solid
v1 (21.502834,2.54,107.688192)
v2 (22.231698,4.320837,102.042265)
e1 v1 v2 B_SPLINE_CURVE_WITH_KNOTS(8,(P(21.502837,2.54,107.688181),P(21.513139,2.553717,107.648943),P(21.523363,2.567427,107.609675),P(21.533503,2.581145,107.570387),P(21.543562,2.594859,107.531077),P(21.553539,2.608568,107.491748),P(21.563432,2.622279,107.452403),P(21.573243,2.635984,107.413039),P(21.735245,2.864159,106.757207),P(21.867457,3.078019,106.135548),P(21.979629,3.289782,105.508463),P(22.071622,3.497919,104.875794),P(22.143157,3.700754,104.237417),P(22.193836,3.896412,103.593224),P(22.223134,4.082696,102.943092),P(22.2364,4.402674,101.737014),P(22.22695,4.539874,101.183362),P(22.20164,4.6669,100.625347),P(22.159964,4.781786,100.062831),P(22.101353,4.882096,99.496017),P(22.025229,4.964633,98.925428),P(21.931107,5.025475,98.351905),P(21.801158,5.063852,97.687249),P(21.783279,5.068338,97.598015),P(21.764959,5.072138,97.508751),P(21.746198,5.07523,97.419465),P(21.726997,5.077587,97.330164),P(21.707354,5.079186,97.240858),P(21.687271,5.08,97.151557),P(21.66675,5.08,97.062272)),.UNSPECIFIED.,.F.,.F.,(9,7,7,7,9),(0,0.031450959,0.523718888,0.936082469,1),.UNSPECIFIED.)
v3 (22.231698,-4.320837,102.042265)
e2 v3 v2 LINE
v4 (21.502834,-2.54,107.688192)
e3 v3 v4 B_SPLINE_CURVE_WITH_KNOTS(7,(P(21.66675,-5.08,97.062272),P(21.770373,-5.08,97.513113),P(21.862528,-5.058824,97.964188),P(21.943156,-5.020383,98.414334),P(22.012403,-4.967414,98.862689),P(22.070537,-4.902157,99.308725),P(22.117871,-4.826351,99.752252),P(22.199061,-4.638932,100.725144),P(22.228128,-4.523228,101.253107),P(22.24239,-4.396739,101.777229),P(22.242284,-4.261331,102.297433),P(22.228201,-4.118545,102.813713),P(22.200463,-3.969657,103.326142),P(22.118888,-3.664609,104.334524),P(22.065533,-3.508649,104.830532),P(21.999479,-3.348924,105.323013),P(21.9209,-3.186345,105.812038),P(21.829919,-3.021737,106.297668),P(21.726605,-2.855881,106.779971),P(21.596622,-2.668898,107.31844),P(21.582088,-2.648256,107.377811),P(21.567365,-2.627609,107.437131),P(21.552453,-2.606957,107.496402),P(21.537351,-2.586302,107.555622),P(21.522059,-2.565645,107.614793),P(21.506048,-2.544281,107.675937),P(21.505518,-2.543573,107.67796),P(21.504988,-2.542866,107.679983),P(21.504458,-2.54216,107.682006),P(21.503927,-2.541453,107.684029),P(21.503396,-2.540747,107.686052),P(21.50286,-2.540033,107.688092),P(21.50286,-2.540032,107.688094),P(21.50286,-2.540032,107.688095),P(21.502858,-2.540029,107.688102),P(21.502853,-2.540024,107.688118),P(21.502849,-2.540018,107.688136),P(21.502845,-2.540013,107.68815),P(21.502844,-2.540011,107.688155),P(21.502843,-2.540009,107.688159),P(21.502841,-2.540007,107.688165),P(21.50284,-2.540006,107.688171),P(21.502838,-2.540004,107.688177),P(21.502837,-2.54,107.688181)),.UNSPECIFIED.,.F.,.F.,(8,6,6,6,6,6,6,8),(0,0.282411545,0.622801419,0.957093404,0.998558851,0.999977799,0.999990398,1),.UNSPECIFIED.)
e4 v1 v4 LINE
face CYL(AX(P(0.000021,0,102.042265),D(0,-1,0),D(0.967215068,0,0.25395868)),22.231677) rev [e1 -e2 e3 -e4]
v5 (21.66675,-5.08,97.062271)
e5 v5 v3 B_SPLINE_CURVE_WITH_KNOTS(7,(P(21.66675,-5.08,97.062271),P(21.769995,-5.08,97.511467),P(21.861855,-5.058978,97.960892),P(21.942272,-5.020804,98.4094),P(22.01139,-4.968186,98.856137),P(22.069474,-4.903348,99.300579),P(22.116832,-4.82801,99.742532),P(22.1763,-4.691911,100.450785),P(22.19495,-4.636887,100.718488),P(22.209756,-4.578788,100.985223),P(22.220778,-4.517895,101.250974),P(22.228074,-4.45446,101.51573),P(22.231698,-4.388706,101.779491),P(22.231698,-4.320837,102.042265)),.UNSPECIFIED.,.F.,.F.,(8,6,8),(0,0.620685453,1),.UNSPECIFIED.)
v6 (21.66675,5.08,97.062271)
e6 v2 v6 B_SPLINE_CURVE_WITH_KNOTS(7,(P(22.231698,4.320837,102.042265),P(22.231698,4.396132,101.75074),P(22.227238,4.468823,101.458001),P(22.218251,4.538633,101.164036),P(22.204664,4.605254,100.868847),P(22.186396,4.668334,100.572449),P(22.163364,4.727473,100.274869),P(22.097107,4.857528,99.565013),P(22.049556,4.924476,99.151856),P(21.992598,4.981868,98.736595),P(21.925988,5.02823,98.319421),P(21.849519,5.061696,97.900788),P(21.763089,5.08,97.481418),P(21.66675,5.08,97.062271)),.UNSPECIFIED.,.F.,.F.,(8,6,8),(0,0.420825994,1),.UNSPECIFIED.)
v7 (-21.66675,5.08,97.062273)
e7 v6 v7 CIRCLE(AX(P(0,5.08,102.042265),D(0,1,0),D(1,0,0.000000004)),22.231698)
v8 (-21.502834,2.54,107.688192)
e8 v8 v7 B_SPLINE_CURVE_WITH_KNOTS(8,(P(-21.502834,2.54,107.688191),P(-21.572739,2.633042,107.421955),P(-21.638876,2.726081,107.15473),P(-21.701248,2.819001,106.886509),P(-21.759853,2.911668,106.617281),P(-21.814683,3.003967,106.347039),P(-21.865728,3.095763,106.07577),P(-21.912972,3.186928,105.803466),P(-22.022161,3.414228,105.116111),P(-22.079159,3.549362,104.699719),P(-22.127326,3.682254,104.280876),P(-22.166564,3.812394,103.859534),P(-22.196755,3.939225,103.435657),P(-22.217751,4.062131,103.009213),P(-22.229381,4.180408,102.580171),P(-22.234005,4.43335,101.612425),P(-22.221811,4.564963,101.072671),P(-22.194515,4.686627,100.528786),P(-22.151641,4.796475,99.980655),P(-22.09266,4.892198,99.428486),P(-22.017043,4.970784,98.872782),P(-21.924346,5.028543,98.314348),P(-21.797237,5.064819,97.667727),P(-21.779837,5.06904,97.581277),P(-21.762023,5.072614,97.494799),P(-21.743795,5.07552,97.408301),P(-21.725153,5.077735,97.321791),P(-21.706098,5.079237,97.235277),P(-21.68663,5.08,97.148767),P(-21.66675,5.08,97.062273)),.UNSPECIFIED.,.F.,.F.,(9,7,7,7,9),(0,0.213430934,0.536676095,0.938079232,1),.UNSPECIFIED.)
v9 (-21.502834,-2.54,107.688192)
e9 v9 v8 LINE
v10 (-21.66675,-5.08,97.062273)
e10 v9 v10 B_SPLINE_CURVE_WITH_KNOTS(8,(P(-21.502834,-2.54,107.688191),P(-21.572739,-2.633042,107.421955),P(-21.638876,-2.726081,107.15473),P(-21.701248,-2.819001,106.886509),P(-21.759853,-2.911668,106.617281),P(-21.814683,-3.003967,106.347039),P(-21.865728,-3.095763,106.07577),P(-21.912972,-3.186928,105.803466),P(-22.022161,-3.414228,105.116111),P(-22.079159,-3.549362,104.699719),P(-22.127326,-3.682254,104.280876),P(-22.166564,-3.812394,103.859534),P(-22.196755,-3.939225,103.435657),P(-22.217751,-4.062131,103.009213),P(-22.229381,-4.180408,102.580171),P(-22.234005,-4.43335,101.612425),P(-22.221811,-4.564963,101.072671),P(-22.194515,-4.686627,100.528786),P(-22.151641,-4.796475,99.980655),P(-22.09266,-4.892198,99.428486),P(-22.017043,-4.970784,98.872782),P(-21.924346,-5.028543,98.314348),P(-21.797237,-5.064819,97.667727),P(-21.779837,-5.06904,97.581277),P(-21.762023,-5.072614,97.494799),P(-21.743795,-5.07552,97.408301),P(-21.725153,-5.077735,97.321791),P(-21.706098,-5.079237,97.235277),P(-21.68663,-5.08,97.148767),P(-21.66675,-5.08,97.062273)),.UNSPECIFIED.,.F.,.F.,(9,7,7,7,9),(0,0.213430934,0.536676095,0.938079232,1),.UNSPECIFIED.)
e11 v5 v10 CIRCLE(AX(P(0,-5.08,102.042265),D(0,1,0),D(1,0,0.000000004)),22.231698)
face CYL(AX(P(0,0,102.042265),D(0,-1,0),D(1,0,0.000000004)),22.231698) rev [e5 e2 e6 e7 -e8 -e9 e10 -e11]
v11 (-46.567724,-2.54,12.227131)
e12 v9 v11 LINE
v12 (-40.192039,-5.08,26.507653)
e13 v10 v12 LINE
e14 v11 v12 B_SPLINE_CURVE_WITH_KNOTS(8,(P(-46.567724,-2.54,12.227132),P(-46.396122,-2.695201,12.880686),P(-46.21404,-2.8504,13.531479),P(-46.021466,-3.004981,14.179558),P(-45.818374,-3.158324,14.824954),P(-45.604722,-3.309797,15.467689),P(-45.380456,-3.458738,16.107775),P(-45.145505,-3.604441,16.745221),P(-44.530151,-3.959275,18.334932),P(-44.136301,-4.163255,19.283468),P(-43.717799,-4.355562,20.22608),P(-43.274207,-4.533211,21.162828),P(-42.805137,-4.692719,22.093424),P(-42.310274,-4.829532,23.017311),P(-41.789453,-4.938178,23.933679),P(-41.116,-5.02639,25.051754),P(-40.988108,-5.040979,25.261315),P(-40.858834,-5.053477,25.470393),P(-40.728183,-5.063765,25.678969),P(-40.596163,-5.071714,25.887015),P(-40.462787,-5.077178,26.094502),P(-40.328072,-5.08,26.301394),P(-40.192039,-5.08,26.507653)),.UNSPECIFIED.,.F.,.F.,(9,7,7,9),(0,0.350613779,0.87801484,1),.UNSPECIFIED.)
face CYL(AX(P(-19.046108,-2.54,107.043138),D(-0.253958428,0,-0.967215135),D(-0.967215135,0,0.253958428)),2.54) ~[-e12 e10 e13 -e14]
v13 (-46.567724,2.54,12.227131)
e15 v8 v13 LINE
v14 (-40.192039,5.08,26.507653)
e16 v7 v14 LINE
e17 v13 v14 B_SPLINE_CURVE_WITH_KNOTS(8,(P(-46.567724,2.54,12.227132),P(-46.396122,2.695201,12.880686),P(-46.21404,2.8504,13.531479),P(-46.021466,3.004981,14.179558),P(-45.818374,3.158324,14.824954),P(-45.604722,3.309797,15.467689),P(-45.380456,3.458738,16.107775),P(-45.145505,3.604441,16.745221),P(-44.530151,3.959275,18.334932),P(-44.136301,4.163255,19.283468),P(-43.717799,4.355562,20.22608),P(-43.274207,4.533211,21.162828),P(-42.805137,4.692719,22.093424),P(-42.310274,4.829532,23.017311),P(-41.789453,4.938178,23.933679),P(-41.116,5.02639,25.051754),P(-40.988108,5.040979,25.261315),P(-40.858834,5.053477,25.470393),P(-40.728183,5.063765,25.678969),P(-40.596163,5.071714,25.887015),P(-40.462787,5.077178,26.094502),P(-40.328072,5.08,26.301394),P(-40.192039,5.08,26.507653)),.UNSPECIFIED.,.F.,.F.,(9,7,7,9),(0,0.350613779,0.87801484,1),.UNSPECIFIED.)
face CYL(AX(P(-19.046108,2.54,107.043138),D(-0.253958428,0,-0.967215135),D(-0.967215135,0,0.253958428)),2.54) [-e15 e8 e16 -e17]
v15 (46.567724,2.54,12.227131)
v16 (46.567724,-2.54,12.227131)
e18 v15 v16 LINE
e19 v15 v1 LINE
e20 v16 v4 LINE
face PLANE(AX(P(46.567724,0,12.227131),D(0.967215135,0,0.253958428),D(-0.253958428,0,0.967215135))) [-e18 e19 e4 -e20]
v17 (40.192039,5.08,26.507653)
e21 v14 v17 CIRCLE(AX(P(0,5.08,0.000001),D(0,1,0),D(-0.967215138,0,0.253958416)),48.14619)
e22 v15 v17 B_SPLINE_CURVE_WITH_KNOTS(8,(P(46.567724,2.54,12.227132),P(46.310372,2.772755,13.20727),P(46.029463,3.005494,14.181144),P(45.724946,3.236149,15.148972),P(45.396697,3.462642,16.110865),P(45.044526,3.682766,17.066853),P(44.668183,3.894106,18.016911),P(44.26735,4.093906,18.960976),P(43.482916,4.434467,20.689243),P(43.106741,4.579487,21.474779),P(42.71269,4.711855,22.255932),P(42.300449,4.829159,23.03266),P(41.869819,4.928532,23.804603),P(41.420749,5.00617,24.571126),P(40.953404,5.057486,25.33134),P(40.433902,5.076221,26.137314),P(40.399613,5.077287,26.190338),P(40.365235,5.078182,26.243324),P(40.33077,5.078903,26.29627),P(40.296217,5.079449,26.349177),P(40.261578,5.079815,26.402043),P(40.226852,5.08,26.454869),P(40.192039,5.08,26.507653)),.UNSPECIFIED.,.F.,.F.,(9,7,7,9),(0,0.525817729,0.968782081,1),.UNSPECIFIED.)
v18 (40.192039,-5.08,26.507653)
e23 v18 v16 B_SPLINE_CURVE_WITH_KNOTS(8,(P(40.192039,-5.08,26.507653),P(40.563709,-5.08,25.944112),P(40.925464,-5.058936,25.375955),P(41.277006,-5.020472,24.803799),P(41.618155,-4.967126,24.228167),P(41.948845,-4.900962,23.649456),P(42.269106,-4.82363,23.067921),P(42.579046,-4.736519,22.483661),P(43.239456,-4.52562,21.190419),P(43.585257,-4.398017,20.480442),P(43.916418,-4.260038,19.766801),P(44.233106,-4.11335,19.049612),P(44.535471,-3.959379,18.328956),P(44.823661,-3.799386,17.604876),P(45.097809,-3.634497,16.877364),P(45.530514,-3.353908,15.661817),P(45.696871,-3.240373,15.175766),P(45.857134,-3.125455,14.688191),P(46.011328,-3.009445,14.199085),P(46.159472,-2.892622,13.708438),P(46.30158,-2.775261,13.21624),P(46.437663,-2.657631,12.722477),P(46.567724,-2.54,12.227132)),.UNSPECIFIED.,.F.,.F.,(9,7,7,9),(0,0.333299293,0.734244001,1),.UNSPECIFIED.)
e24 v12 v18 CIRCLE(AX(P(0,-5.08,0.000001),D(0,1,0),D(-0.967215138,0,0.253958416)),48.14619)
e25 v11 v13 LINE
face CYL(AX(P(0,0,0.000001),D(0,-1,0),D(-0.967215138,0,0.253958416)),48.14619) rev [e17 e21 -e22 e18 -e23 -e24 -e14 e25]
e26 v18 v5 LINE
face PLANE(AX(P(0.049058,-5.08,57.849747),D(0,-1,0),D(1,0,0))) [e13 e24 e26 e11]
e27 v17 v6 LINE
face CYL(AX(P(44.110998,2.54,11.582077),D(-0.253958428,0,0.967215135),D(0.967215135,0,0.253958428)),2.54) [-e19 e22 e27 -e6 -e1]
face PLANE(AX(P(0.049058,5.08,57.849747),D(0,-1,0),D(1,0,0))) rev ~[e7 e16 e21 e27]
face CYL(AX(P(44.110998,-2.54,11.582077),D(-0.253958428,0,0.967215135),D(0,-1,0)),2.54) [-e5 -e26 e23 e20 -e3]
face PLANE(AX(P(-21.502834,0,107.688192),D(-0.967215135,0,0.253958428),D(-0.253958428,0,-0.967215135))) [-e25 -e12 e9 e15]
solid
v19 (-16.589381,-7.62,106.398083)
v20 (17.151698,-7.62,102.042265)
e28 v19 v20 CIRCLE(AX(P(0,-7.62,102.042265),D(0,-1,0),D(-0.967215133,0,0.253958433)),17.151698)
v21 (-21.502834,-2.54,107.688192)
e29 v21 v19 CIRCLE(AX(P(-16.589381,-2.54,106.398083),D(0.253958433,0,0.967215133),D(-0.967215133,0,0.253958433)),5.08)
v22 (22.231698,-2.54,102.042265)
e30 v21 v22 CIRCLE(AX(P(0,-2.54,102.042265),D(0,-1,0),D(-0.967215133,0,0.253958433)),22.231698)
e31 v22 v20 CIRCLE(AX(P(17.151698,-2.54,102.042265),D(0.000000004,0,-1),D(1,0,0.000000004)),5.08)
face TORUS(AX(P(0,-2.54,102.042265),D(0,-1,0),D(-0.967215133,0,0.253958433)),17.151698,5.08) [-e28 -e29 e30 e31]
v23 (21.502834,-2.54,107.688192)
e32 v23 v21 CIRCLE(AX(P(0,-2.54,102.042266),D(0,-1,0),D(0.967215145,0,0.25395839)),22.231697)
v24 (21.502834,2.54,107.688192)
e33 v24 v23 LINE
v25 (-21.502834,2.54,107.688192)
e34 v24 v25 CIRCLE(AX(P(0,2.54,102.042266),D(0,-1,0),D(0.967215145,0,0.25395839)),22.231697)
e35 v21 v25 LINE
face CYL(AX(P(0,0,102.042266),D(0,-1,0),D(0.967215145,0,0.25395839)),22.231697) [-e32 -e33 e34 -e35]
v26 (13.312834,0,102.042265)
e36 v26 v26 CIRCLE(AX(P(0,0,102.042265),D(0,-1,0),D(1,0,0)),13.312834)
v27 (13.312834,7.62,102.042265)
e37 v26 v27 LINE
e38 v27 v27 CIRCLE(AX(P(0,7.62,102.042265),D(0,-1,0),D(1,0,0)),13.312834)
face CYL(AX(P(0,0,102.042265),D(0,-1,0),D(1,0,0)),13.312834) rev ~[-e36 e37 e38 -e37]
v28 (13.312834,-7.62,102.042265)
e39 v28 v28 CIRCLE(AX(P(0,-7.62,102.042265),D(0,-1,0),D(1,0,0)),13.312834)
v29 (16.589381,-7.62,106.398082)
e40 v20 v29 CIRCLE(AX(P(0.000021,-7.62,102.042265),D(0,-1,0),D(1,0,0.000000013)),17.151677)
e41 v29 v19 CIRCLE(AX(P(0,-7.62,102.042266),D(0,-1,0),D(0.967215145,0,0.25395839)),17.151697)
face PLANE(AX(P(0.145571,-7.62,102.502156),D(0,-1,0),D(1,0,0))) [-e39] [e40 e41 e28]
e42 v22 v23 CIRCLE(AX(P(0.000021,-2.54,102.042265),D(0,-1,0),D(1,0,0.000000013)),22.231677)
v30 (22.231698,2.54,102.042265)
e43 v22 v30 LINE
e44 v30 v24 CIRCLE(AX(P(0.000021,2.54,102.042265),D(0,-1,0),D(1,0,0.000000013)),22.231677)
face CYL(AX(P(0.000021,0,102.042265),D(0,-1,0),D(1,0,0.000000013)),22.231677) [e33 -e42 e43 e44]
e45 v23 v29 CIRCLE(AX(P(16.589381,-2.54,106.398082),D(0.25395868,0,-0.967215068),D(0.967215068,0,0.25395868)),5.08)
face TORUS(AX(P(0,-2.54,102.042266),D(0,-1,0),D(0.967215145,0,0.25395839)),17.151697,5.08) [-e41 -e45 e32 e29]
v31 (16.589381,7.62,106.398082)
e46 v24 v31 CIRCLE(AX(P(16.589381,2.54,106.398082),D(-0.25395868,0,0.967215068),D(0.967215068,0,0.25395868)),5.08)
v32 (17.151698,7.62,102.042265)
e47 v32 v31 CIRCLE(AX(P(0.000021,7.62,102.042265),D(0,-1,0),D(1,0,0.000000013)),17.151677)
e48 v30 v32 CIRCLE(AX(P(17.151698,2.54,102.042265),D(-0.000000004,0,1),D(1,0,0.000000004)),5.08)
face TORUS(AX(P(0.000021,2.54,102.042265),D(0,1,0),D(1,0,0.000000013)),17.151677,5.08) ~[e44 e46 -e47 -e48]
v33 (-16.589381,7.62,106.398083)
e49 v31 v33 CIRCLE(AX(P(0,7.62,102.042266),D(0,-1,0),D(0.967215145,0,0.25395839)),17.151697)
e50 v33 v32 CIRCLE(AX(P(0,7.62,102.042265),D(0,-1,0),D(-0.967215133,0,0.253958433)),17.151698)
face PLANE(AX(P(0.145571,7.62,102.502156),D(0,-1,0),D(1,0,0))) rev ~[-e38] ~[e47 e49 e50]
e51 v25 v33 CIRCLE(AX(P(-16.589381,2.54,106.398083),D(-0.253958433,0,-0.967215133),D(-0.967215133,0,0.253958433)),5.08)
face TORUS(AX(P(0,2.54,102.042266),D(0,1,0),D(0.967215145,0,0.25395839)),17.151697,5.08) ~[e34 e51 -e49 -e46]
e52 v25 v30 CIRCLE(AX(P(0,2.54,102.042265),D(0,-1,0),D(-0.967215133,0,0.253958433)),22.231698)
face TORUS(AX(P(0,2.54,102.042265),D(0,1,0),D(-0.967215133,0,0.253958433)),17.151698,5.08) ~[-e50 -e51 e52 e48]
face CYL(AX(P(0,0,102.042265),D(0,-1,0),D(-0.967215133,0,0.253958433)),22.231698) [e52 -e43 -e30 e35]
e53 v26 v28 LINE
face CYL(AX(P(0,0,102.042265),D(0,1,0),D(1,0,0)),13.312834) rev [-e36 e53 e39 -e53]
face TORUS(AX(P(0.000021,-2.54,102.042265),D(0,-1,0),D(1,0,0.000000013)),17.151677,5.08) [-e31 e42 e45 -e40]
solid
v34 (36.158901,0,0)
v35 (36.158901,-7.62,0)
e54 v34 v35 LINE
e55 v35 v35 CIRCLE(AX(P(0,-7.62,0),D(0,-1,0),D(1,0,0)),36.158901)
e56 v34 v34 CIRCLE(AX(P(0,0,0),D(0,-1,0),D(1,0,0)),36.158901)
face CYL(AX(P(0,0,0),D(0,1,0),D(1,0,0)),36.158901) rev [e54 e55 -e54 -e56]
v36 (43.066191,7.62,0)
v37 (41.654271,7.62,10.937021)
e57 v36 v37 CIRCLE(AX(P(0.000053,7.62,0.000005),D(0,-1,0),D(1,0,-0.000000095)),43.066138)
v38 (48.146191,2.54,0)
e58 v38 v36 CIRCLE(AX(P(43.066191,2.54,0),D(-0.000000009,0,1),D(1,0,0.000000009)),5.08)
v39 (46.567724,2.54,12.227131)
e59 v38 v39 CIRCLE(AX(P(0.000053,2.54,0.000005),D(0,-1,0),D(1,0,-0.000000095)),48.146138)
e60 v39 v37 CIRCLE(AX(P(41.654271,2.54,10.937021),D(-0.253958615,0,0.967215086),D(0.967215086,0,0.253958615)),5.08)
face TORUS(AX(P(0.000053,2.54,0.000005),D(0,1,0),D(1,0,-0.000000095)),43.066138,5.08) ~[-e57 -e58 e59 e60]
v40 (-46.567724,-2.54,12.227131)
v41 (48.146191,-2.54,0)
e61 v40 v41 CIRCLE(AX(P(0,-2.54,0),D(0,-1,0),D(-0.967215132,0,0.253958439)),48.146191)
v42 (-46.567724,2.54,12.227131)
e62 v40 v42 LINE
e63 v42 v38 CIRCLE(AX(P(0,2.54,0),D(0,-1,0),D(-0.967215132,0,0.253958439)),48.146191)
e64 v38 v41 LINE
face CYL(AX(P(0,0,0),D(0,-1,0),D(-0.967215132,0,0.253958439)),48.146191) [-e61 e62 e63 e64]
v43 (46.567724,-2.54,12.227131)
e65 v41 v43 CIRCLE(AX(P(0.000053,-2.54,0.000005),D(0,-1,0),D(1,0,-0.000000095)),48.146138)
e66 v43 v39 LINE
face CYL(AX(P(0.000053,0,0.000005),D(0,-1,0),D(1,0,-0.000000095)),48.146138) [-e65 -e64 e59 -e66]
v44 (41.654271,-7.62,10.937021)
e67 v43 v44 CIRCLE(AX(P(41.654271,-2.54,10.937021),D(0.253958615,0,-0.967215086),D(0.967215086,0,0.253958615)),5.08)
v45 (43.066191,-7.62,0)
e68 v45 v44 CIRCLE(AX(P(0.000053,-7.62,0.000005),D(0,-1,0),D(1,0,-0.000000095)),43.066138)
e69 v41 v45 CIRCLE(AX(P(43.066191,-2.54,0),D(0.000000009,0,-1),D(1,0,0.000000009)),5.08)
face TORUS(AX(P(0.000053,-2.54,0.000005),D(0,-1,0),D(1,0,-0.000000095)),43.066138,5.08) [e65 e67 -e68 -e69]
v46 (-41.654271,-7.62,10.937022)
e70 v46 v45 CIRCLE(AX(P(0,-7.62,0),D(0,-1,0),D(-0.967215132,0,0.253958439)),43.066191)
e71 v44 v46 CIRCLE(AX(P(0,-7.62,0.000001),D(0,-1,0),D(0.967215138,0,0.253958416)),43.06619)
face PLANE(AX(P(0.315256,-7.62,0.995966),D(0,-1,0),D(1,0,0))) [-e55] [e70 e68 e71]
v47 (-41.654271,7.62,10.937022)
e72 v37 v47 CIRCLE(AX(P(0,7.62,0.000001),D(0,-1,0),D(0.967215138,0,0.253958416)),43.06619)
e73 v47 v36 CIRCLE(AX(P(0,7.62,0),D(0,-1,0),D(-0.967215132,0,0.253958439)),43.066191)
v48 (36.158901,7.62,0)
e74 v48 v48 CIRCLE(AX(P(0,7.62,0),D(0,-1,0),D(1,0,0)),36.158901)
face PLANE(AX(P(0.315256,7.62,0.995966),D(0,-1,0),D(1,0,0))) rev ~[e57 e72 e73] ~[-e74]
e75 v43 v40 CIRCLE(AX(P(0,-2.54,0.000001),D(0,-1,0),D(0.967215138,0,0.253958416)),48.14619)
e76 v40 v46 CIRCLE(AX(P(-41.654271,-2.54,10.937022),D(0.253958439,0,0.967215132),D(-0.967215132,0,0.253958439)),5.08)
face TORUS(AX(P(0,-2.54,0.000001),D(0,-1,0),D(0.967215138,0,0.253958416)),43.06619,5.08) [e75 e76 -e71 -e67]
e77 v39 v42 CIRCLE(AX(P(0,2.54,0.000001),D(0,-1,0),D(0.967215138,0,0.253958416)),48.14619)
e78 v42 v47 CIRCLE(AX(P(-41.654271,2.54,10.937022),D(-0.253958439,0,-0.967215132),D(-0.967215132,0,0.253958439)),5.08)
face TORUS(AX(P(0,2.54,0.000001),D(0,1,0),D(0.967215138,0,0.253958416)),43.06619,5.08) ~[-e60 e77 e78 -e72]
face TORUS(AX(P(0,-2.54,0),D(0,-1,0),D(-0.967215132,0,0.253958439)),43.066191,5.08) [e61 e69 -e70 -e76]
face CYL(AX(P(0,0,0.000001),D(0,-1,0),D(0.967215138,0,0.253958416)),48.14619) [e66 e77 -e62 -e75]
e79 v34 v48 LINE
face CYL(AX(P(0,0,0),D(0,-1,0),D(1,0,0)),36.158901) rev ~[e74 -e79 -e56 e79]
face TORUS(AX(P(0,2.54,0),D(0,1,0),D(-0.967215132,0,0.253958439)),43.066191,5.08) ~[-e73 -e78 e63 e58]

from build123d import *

# Parameters (mm, degrees)
F0_R          = 36.158901
F0_R_2        = 13.312834
F1_DEPTH      = 7.62
F1_DEPTH_BACK = 7.62
F2_DEPTH      = 5.08
F2_DEPTH_BACK = 5.08
F3_R          = 5.08
F4_R          = 2.54


with BuildPart() as f1:
    # F0 (on Front) → F1 (new body, two sides)
    with BuildSketch(Plane.XZ) as f1_sk:
        with BuildLine():
            ThreePointArc((-46.567724, 12.227131), (-6.164298, -47.749944), (48.146191, 0))
            ThreePointArc((48.146191, 0), (47.749944, 6.164298), (46.567724, 12.227131))
            ThreePointArc((46.567724, 12.227131), (0, 48.146191), (-46.567724, 12.227131))
        make_face()
        Circle(F0_R, mode=Mode.SUBTRACT)
        with BuildLine():
            ThreePointArc((22.231698, 102.042265), (22.048729, 104.888655), (21.502834, 107.688192))
            ThreePointArc((21.502834, 107.688192), (0, 124.273963), (-21.502834, 107.688192))
            ThreePointArc((-21.502834, 107.688192), (-2.846389, 79.993536), (22.231698, 102.042265))
        make_face()
        with Locations((0, 102.042265)):
            Circle(F0_R_2, mode=Mode.SUBTRACT)
    extrude(amount=F1_DEPTH)
    extrude(f1_sk.sketch, amount=-F1_DEPTH_BACK)

    # F3
    f3_edges = [f1.edges().sort_by_distance(p)[0] for p in [
        (-22.231698, -7.62, 102.042265),
        (-48.146191, -7.62, 0),
        (-48.146191, 7.62, 0),
        (-22.231698, 7.62, 102.042265),
    ]]
    fillet(f3_edges, radius=F3_R)


with BuildPart() as f2:
    # F0 (on Front) → F2 (new body, two sides)
    with BuildSketch(Plane.XZ) as f2_sk:
        with BuildLine():
            ThreePointArc((-46.567724, 12.227131), (0, 48.146191), (46.567724, 12.227131))
            Line((46.567724, 12.227131), (21.502834, 107.688192))
            ThreePointArc((21.502834, 107.688192), (22.048729, 104.888655), (22.231698, 102.042265))
            ThreePointArc((22.231698, 102.042265), (-2.846389, 79.993536), (-21.502834, 107.688192))
            Line((-21.502834, 107.688192), (-46.567724, 12.227131))
        make_face()
    extrude(amount=F2_DEPTH)
    extrude(f2_sk.sketch, amount=-F2_DEPTH_BACK)

    # F4
    f4_edges = [f2.edges().sort_by_distance(p)[0] for p in [
        (34.035279, 5.08, 59.957662),
        (34.035279, -5.08, 59.957662),
        (-34.035279, 5.08, 59.957662),
        (-34.035279, -5.08, 59.957662),
    ]]
    fillet(f4_edges, radius=F4_R)


solid = Compound([f1.part, f2.part])
